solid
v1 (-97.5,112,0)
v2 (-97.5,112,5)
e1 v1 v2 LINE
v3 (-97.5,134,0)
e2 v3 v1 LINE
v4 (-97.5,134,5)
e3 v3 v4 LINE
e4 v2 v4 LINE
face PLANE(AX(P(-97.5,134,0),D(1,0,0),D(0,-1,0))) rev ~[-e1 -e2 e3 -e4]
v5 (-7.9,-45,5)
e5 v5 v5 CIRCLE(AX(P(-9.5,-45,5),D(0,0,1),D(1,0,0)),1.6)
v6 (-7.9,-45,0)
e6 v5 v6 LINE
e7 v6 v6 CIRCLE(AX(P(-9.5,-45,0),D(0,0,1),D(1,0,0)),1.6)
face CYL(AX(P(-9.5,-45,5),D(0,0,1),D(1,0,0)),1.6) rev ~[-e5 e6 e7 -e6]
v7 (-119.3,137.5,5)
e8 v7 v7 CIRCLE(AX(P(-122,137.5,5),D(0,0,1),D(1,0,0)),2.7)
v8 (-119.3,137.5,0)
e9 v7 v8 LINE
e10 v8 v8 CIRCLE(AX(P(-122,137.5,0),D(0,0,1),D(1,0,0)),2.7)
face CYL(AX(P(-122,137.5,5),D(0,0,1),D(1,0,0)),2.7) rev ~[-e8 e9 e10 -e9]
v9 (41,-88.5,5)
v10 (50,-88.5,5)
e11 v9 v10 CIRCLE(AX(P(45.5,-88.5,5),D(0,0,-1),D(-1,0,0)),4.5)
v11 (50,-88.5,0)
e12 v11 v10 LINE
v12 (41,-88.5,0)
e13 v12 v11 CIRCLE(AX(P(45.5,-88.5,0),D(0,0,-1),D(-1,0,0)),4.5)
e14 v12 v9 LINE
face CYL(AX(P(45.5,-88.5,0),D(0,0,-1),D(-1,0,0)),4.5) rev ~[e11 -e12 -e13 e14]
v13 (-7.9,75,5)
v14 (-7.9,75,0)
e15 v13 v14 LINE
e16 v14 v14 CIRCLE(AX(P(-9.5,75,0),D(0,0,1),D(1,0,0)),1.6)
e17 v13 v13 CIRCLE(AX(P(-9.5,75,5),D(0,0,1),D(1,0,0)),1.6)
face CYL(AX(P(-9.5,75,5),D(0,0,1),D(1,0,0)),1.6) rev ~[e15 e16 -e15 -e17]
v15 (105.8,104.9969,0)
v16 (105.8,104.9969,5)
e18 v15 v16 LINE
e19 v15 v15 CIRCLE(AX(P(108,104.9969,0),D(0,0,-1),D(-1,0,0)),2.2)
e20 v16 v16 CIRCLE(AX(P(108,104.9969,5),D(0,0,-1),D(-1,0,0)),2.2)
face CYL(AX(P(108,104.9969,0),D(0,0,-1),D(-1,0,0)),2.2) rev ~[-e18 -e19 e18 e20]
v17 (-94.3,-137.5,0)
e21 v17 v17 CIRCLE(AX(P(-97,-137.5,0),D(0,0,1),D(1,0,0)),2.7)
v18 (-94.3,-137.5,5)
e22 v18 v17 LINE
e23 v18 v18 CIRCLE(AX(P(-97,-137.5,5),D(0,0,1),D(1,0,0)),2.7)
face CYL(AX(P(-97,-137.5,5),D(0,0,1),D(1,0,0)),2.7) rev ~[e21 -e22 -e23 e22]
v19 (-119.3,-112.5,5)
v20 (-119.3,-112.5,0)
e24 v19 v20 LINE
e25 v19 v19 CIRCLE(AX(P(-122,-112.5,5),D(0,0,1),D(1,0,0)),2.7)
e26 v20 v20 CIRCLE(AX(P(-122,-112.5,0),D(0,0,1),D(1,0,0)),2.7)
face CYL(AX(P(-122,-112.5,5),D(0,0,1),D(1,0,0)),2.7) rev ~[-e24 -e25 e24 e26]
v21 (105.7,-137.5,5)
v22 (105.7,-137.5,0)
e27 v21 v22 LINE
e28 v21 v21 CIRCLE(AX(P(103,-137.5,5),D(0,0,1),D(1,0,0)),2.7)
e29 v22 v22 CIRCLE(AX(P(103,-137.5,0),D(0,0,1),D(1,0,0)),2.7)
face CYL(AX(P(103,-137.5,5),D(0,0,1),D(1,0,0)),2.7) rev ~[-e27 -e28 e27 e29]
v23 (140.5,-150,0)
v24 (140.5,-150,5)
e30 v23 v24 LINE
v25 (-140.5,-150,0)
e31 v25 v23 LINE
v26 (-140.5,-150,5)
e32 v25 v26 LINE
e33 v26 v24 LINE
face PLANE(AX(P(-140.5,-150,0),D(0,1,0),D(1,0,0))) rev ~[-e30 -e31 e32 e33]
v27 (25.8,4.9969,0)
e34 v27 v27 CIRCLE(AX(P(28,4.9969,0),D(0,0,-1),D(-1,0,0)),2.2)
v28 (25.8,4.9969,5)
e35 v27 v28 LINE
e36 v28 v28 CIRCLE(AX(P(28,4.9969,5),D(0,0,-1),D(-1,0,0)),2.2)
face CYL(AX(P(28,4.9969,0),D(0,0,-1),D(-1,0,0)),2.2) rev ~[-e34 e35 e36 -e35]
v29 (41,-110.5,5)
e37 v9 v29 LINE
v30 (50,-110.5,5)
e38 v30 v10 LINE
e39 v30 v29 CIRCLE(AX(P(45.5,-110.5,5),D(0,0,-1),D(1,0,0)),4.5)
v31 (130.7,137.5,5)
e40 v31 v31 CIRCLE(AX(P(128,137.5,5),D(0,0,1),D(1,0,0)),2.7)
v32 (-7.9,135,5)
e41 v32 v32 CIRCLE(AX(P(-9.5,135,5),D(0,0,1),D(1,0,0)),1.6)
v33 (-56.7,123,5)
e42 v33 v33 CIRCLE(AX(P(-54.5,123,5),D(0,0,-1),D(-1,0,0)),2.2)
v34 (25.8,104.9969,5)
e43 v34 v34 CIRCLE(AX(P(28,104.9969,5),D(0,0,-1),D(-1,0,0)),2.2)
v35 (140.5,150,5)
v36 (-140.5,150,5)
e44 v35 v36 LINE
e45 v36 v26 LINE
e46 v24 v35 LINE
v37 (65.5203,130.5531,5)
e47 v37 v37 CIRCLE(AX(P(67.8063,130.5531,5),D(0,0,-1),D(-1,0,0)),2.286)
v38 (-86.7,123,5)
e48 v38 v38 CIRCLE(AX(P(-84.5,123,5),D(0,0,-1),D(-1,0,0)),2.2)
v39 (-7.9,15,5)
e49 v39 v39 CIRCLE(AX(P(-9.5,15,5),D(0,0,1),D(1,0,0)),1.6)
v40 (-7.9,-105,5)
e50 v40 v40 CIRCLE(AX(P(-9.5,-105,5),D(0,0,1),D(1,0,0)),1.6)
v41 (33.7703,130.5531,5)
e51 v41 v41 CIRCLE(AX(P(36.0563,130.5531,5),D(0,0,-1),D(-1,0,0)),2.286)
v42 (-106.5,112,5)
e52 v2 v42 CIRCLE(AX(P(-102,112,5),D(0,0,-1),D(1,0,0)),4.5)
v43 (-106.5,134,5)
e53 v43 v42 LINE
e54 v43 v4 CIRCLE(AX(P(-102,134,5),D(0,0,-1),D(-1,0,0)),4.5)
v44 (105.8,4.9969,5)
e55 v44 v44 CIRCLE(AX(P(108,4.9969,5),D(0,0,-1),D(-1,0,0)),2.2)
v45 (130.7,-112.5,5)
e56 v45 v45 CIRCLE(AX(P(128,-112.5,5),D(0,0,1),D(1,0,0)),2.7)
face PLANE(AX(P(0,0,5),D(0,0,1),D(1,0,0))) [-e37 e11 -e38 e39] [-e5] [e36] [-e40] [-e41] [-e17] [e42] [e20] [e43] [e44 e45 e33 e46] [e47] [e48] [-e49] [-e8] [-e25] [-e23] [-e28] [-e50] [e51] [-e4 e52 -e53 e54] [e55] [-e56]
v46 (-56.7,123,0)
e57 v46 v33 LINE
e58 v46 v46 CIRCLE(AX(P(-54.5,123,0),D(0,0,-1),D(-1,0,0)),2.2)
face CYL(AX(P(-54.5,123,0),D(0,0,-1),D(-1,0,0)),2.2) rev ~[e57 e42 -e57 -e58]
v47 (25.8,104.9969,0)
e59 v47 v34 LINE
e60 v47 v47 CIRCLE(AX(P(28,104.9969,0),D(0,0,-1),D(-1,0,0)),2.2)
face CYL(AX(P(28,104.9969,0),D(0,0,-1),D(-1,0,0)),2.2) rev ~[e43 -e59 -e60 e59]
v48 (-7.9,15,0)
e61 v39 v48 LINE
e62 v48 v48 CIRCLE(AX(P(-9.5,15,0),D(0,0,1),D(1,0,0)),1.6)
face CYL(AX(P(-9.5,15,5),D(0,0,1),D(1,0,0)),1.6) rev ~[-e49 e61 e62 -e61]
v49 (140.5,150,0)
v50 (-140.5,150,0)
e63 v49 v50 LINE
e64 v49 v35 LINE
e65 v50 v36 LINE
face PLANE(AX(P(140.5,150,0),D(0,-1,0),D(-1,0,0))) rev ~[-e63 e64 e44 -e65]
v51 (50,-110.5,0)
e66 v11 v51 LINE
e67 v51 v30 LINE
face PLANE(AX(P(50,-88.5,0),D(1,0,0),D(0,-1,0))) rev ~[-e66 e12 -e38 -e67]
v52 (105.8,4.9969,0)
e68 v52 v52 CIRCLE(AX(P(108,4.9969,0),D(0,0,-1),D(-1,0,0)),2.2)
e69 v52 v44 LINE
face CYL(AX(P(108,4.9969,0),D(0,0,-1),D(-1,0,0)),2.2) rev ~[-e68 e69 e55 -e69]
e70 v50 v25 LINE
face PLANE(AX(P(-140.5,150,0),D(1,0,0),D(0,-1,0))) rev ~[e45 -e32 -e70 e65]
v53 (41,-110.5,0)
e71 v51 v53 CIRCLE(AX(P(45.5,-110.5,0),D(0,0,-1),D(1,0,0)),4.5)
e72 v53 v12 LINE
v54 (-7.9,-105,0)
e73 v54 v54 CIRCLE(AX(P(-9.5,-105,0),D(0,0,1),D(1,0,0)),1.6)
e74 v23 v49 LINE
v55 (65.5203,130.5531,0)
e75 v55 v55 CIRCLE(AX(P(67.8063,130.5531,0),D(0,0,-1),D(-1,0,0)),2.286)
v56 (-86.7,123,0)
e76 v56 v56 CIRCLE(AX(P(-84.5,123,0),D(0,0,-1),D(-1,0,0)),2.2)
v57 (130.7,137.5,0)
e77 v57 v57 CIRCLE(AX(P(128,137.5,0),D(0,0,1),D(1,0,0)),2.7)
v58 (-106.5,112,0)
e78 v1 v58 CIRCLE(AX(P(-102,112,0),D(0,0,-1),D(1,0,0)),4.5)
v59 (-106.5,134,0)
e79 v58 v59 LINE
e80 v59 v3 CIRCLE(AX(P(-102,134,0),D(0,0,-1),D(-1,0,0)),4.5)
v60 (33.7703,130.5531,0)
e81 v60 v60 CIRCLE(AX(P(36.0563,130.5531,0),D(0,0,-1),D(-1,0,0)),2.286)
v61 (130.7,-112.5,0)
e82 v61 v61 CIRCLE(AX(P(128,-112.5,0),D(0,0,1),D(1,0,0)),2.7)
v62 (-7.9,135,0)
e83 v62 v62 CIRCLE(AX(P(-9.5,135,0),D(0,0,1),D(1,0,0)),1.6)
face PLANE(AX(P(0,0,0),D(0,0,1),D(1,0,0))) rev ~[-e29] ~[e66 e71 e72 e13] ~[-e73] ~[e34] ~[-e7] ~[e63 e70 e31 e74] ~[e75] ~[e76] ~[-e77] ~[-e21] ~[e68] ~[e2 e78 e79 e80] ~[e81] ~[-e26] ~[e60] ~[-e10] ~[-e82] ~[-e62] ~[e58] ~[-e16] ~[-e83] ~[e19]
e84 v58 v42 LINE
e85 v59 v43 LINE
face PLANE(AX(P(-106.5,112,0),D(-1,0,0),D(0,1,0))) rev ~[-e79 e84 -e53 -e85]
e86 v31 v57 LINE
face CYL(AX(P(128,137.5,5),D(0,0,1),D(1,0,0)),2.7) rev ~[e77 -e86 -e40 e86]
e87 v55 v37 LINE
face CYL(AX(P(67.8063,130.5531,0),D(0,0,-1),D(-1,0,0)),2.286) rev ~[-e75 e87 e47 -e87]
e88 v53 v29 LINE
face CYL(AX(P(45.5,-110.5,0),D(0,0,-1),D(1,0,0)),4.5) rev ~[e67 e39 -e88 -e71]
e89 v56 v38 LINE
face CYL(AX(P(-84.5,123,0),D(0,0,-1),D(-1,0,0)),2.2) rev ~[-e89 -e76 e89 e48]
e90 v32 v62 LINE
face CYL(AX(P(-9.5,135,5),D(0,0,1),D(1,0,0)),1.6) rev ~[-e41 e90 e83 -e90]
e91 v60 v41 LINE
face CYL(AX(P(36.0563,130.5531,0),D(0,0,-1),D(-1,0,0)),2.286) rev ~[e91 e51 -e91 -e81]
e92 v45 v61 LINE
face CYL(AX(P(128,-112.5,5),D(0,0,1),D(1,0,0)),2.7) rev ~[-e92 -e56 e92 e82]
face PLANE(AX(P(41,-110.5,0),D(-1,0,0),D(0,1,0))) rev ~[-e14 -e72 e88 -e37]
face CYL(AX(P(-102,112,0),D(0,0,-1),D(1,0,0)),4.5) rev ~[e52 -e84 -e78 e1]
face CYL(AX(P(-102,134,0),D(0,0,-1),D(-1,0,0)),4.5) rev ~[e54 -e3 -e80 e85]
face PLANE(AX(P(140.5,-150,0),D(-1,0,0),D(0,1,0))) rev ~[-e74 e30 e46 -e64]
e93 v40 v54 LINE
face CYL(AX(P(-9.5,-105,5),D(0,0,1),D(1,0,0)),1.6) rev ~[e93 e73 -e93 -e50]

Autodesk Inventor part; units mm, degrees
ref_plane "YZ Plane" through (0, 0, 0) normal (1, 0, 0) x (0, 1, 0)
ref_plane "XZ Plane" through (0, 0, 0) normal (0, 1, 0) x (-1, 0, 0)
ref_plane "XY Plane" through (0, 0, 0) normal (0, 0, 1) x (1, 0, 0)
sketch "Sketch1" plane through (0, 0, 0) normal (0, 0, 1) x (1, 0, 0)
  line L0 (-140.5, -150) -> (140.5, -150)
  line L1 (140.5, -150) -> (140.5, 150)
  line L2 (140.5, 150) -> (-140.5, 150)
  line L3 (-140.5, 150) -> (-140.5, -150)
  line L4 (-140.5, -150) -> (140.5, 150) construction
  line L5 (140.5, -150) -> (-140.5, 150) construction
  point P0 (0, 0)
  dimension "d0" = 300
  dimension "d1" = 281
extrude "Extrusion1" add sketch "Sketch1" along normal blind 5
sketch "Sketch5" plane through (0, 0, 5) normal (0, 0, 1) x (1, 0, 0)
  line L0 (-140.5, -150) -> (140.5, -150) projected
  line L1 (140.5, -150) -> (140.5, 150) projected
  line L2 (140.5, 150) -> (-140.5, 150) projected
  line L3 (-140.5, 150) -> (-140.5, -150) projected
  line L4 (-122, -112.5) -> (128, -112.5) construction
  line L5 (128, -112.5) -> (128, 137.5) construction
  line L6 (128, 137.5) -> (-122, 137.5) construction
  line L7 (-122, 137.5) -> (-122, -112.5) construction
  line L8 (-122, -112.5) -> (128, 137.5) construction
  line L9 (128, -112.5) -> (-122, 137.5) construction
  circle A0 centre (-122, 137.5) radius 2.7
  circle A1 centre (128, 137.5) radius 2.7
  circle A2 centre (128, -112.5) radius 2.7
  circle A3 centre (-122, -112.5) radius 2.7
  circle A4 centre (-97, -137.5) radius 2.7
  circle A5 centre (103, -137.5) radius 2.7
  point P0 (0, 0)
  point P1 (3, 12.5)
  dimension "d34" = 18.5
  dimension "d35" = 37.5
  dimension "d36" = 12.5
  dimension "d37" = 5.4
  dimension "d38" = 12.5
  dimension "d39" = 37.5
  dimension "d40" = 43.5
  dimension "d83" = 12.5
extrude "Extrusion5" cut sketch "Sketch5" against normal through all contours A0 | A1 | A2 | A3 | A4 | A5
sketch "Sketch6" plane through (0, 0, 5) normal (0, 0, 1) x (1, 0, 0)
  line L0 (-140.5, -150) -> (140.5, -150) projected
  line L1 (140.5, -150) -> (140.5, 150) projected
  line L2 (-140.5, 150) -> (-140.5, -150) projected
  line L3 (-17, -110) -> (-2, -110) construction
  line L4 (-2, -110) -> (-2, 140) construction
  line L5 (-2, 140) -> (-17, 140) construction
  line L6 (-17, 140) -> (-17, -110) construction
  line L7 (-17, -110) -> (-2, 140) construction
  line L8 (-2, -110) -> (-17, 140) construction
  circle A0 centre (-9.5, 15) radius 1.6
  circle A1 centre (-9.5, 75) radius 1.6
  circle A2 centre (-9.5, 135) radius 1.6
  circle A3 centre (-9.5, -45) radius 1.6
  circle A4 centre (-9.5, -105) radius 1.6
  line L9 (-9.5, -105) -> (-9.5, -45) construction
  line L10 (-9.5, -45) -> (-9.5, 15) construction
  line L11 (-9.5, 15) -> (-9.5, 75) construction
  line L12 (-9.5, 75) -> (-9.5, 135) construction
  line L13 (115.5, -150) -> (-134.5, -150) construction
  line L14 (-134.5, -150) -> (-134.5, 62.3779) construction
  line L15 (-134.5, 62.3779) -> (115.5, 62.3779) construction
  line L16 (115.5, 62.3779) -> (115.5, -150) construction
  line L17 (-9.5, 62.3779) -> (-9.5, 15) construction
  point P0 (0, 0)
  dimension "d43" = 250
  dimension "d44" = 15
  dimension "d45" = 60
  dimension "d46" = 3.2
  dimension "d47" = 6
  dimension "d48" = 25
  dimension "d49" = 40
extrude "Extrusion6" cut sketch "Sketch6" against normal through all
sketch "Sketch7" plane through (0, 0, 0) normal (0, 0, -1) x (-1, 0, 0)
  circle A0 centre (9.5, 135) radius 1.6 projected
  circle A1 centre (122, 137.5) radius 2.7 projected
  circle A2 centre (-128, 137.5) radius 2.7 projected
  line L0 (140.5, -150) -> (-140.5, -150) projected
  line L1 (140.5, 150) -> (140.5, -150) projected
  line L2 (-140.5, 150) -> (140.5, 150) projected
  line L3 (-140.5, -150) -> (-140.5, 150) projected
  line L4 (-53, -125) -> (-103, -125) construction
  line L5 (-103, -125) -> (-103, -74) construction
  line L6 (-103, -74) -> (-53, -74) construction
  line L7 (-53, -74) -> (-53, -125) construction
  line L8 (94.5, 150) -> (44.5, 150) construction
  line L9 (44.5, 150) -> (44.5, 96) construction
  line L10 (44.5, 96) -> (94.5, 96) construction
  line L11 (94.5, 96) -> (94.5, 150) construction
  circle A3 centre (54.5, 123) radius 2.2
  circle A4 centre (84.5, 123) radius 2.2
  line L12 (-45.5, -88.5) -> (-45.5, -110.5) construction
  line L13 (-50, -88.5) -> (-50, -110.5)
  line L14 (-41, -110.5) -> (-41, -88.5)
  arc A5 (-41, -88.5) -> (-50, -88.5) centre (-45.5, -88.5) ccw
  arc A6 (-50, -110.5) -> (-41, -110.5) centre (-45.5, -110.5) ccw
  line L15 (-45.5, -99.5) -> (-103, -99.5) construction
  line L16 (69.5, 96) -> (69.5, 144) construction
  line L17 (102, 134) -> (102, 112) construction
  line L18 (97.5, 134) -> (97.5, 112)
  line L19 (106.5, 112) -> (106.5, 134)
  arc A7 (106.5, 134) -> (97.5, 134) centre (102, 134) ccw
  arc A8 (97.5, 112) -> (106.5, 112) centre (102, 112) ccw
  line L20 (-73.3625, 150) -> (-30.5, 150) construction
  line L21 (-30.5, 150) -> (-30.5, 124.9969) construction
  line L22 (-30.5, 124.9969) -> (-73.3625, 124.9969) construction
  line L23 (-73.3625, 124.9969) -> (-73.3625, 150) construction
  circle A9 centre (-67.8063, 130.5531) radius 2.286
  circle A10 centre (-36.0563, 130.5531) radius 2.286
  line L24 (-108, 4.9969) -> (-28, 4.9969) construction
  line L25 (-28, 4.9969) -> (-28, 104.9969) construction
  line L26 (-28, 104.9969) -> (-108, 104.9969) construction
  line L27 (-108, 104.9969) -> (-108, 4.9969) construction
  line L28 (-108, 4.9969) -> (-28, 104.9969) construction
  line L29 (-28, 4.9969) -> (-108, 104.9969) construction
  circle A11 centre (-108, 104.9969) radius 2.2
  circle A12 centre (-28, 104.9969) radius 2.2
  circle A13 centre (-28, 4.9969) radius 2.2
  circle A14 centre (-108, 4.9969) radius 2.2
  point P0 (0, 0)
  point P1 (102, 123)
  point P2 (-68, 54.9969)
  dimension "d52" = 50
  dimension "d53" = 51
  dimension "d54" = 25
  dimension "d55" = 54
  dimension "d56" = 50
  dimension "d57" = 30
  dimension "d58" = 4.4
  dimension "d59" = 10
  dimension "d60" = 27
  dimension "d61" = 37.5
  dimension "d62" = 22
  dimension "d63" = 9
  dimension "d64" = 3
  dimension "d65" = 60
  dimension "d66" = 3
  dimension "d67" = 15.5
  dimension "d68" = 31.75
  dimension "d69" = 42.8625
  dimension "d70" = 5.5563
  dimension "d71" = 25.0031
  dimension "d72" = 5.5563
  dimension "d73" = 4.572
  dimension "d74" = 35
  dimension "d75" = 40
  dimension "d76" = 100
  dimension "d77" = 80
  dimension "d78" = 4.4
  dimension "d79" = 20
  dimension "d80" = 20
  dimension "d84" = 72.6937
  dimension "d85" = 19.4469
extrude "Extrusion7" cut sketch "Sketch7" against normal through all contours A3 | A4 | A5 L14 A6 L13 | A7 L19 A8 L18 | A9 | A10 | A11 | A12 | A13 | A14
equation "\"d59\" = -0.5 * d57 + 0.5 * d56"
equation "\"d60\" = 0.5 * d55"
equation "\"d72\" = -0.5 * d68 + 0.5 * d69"
properties part number "NewBackPlate"
